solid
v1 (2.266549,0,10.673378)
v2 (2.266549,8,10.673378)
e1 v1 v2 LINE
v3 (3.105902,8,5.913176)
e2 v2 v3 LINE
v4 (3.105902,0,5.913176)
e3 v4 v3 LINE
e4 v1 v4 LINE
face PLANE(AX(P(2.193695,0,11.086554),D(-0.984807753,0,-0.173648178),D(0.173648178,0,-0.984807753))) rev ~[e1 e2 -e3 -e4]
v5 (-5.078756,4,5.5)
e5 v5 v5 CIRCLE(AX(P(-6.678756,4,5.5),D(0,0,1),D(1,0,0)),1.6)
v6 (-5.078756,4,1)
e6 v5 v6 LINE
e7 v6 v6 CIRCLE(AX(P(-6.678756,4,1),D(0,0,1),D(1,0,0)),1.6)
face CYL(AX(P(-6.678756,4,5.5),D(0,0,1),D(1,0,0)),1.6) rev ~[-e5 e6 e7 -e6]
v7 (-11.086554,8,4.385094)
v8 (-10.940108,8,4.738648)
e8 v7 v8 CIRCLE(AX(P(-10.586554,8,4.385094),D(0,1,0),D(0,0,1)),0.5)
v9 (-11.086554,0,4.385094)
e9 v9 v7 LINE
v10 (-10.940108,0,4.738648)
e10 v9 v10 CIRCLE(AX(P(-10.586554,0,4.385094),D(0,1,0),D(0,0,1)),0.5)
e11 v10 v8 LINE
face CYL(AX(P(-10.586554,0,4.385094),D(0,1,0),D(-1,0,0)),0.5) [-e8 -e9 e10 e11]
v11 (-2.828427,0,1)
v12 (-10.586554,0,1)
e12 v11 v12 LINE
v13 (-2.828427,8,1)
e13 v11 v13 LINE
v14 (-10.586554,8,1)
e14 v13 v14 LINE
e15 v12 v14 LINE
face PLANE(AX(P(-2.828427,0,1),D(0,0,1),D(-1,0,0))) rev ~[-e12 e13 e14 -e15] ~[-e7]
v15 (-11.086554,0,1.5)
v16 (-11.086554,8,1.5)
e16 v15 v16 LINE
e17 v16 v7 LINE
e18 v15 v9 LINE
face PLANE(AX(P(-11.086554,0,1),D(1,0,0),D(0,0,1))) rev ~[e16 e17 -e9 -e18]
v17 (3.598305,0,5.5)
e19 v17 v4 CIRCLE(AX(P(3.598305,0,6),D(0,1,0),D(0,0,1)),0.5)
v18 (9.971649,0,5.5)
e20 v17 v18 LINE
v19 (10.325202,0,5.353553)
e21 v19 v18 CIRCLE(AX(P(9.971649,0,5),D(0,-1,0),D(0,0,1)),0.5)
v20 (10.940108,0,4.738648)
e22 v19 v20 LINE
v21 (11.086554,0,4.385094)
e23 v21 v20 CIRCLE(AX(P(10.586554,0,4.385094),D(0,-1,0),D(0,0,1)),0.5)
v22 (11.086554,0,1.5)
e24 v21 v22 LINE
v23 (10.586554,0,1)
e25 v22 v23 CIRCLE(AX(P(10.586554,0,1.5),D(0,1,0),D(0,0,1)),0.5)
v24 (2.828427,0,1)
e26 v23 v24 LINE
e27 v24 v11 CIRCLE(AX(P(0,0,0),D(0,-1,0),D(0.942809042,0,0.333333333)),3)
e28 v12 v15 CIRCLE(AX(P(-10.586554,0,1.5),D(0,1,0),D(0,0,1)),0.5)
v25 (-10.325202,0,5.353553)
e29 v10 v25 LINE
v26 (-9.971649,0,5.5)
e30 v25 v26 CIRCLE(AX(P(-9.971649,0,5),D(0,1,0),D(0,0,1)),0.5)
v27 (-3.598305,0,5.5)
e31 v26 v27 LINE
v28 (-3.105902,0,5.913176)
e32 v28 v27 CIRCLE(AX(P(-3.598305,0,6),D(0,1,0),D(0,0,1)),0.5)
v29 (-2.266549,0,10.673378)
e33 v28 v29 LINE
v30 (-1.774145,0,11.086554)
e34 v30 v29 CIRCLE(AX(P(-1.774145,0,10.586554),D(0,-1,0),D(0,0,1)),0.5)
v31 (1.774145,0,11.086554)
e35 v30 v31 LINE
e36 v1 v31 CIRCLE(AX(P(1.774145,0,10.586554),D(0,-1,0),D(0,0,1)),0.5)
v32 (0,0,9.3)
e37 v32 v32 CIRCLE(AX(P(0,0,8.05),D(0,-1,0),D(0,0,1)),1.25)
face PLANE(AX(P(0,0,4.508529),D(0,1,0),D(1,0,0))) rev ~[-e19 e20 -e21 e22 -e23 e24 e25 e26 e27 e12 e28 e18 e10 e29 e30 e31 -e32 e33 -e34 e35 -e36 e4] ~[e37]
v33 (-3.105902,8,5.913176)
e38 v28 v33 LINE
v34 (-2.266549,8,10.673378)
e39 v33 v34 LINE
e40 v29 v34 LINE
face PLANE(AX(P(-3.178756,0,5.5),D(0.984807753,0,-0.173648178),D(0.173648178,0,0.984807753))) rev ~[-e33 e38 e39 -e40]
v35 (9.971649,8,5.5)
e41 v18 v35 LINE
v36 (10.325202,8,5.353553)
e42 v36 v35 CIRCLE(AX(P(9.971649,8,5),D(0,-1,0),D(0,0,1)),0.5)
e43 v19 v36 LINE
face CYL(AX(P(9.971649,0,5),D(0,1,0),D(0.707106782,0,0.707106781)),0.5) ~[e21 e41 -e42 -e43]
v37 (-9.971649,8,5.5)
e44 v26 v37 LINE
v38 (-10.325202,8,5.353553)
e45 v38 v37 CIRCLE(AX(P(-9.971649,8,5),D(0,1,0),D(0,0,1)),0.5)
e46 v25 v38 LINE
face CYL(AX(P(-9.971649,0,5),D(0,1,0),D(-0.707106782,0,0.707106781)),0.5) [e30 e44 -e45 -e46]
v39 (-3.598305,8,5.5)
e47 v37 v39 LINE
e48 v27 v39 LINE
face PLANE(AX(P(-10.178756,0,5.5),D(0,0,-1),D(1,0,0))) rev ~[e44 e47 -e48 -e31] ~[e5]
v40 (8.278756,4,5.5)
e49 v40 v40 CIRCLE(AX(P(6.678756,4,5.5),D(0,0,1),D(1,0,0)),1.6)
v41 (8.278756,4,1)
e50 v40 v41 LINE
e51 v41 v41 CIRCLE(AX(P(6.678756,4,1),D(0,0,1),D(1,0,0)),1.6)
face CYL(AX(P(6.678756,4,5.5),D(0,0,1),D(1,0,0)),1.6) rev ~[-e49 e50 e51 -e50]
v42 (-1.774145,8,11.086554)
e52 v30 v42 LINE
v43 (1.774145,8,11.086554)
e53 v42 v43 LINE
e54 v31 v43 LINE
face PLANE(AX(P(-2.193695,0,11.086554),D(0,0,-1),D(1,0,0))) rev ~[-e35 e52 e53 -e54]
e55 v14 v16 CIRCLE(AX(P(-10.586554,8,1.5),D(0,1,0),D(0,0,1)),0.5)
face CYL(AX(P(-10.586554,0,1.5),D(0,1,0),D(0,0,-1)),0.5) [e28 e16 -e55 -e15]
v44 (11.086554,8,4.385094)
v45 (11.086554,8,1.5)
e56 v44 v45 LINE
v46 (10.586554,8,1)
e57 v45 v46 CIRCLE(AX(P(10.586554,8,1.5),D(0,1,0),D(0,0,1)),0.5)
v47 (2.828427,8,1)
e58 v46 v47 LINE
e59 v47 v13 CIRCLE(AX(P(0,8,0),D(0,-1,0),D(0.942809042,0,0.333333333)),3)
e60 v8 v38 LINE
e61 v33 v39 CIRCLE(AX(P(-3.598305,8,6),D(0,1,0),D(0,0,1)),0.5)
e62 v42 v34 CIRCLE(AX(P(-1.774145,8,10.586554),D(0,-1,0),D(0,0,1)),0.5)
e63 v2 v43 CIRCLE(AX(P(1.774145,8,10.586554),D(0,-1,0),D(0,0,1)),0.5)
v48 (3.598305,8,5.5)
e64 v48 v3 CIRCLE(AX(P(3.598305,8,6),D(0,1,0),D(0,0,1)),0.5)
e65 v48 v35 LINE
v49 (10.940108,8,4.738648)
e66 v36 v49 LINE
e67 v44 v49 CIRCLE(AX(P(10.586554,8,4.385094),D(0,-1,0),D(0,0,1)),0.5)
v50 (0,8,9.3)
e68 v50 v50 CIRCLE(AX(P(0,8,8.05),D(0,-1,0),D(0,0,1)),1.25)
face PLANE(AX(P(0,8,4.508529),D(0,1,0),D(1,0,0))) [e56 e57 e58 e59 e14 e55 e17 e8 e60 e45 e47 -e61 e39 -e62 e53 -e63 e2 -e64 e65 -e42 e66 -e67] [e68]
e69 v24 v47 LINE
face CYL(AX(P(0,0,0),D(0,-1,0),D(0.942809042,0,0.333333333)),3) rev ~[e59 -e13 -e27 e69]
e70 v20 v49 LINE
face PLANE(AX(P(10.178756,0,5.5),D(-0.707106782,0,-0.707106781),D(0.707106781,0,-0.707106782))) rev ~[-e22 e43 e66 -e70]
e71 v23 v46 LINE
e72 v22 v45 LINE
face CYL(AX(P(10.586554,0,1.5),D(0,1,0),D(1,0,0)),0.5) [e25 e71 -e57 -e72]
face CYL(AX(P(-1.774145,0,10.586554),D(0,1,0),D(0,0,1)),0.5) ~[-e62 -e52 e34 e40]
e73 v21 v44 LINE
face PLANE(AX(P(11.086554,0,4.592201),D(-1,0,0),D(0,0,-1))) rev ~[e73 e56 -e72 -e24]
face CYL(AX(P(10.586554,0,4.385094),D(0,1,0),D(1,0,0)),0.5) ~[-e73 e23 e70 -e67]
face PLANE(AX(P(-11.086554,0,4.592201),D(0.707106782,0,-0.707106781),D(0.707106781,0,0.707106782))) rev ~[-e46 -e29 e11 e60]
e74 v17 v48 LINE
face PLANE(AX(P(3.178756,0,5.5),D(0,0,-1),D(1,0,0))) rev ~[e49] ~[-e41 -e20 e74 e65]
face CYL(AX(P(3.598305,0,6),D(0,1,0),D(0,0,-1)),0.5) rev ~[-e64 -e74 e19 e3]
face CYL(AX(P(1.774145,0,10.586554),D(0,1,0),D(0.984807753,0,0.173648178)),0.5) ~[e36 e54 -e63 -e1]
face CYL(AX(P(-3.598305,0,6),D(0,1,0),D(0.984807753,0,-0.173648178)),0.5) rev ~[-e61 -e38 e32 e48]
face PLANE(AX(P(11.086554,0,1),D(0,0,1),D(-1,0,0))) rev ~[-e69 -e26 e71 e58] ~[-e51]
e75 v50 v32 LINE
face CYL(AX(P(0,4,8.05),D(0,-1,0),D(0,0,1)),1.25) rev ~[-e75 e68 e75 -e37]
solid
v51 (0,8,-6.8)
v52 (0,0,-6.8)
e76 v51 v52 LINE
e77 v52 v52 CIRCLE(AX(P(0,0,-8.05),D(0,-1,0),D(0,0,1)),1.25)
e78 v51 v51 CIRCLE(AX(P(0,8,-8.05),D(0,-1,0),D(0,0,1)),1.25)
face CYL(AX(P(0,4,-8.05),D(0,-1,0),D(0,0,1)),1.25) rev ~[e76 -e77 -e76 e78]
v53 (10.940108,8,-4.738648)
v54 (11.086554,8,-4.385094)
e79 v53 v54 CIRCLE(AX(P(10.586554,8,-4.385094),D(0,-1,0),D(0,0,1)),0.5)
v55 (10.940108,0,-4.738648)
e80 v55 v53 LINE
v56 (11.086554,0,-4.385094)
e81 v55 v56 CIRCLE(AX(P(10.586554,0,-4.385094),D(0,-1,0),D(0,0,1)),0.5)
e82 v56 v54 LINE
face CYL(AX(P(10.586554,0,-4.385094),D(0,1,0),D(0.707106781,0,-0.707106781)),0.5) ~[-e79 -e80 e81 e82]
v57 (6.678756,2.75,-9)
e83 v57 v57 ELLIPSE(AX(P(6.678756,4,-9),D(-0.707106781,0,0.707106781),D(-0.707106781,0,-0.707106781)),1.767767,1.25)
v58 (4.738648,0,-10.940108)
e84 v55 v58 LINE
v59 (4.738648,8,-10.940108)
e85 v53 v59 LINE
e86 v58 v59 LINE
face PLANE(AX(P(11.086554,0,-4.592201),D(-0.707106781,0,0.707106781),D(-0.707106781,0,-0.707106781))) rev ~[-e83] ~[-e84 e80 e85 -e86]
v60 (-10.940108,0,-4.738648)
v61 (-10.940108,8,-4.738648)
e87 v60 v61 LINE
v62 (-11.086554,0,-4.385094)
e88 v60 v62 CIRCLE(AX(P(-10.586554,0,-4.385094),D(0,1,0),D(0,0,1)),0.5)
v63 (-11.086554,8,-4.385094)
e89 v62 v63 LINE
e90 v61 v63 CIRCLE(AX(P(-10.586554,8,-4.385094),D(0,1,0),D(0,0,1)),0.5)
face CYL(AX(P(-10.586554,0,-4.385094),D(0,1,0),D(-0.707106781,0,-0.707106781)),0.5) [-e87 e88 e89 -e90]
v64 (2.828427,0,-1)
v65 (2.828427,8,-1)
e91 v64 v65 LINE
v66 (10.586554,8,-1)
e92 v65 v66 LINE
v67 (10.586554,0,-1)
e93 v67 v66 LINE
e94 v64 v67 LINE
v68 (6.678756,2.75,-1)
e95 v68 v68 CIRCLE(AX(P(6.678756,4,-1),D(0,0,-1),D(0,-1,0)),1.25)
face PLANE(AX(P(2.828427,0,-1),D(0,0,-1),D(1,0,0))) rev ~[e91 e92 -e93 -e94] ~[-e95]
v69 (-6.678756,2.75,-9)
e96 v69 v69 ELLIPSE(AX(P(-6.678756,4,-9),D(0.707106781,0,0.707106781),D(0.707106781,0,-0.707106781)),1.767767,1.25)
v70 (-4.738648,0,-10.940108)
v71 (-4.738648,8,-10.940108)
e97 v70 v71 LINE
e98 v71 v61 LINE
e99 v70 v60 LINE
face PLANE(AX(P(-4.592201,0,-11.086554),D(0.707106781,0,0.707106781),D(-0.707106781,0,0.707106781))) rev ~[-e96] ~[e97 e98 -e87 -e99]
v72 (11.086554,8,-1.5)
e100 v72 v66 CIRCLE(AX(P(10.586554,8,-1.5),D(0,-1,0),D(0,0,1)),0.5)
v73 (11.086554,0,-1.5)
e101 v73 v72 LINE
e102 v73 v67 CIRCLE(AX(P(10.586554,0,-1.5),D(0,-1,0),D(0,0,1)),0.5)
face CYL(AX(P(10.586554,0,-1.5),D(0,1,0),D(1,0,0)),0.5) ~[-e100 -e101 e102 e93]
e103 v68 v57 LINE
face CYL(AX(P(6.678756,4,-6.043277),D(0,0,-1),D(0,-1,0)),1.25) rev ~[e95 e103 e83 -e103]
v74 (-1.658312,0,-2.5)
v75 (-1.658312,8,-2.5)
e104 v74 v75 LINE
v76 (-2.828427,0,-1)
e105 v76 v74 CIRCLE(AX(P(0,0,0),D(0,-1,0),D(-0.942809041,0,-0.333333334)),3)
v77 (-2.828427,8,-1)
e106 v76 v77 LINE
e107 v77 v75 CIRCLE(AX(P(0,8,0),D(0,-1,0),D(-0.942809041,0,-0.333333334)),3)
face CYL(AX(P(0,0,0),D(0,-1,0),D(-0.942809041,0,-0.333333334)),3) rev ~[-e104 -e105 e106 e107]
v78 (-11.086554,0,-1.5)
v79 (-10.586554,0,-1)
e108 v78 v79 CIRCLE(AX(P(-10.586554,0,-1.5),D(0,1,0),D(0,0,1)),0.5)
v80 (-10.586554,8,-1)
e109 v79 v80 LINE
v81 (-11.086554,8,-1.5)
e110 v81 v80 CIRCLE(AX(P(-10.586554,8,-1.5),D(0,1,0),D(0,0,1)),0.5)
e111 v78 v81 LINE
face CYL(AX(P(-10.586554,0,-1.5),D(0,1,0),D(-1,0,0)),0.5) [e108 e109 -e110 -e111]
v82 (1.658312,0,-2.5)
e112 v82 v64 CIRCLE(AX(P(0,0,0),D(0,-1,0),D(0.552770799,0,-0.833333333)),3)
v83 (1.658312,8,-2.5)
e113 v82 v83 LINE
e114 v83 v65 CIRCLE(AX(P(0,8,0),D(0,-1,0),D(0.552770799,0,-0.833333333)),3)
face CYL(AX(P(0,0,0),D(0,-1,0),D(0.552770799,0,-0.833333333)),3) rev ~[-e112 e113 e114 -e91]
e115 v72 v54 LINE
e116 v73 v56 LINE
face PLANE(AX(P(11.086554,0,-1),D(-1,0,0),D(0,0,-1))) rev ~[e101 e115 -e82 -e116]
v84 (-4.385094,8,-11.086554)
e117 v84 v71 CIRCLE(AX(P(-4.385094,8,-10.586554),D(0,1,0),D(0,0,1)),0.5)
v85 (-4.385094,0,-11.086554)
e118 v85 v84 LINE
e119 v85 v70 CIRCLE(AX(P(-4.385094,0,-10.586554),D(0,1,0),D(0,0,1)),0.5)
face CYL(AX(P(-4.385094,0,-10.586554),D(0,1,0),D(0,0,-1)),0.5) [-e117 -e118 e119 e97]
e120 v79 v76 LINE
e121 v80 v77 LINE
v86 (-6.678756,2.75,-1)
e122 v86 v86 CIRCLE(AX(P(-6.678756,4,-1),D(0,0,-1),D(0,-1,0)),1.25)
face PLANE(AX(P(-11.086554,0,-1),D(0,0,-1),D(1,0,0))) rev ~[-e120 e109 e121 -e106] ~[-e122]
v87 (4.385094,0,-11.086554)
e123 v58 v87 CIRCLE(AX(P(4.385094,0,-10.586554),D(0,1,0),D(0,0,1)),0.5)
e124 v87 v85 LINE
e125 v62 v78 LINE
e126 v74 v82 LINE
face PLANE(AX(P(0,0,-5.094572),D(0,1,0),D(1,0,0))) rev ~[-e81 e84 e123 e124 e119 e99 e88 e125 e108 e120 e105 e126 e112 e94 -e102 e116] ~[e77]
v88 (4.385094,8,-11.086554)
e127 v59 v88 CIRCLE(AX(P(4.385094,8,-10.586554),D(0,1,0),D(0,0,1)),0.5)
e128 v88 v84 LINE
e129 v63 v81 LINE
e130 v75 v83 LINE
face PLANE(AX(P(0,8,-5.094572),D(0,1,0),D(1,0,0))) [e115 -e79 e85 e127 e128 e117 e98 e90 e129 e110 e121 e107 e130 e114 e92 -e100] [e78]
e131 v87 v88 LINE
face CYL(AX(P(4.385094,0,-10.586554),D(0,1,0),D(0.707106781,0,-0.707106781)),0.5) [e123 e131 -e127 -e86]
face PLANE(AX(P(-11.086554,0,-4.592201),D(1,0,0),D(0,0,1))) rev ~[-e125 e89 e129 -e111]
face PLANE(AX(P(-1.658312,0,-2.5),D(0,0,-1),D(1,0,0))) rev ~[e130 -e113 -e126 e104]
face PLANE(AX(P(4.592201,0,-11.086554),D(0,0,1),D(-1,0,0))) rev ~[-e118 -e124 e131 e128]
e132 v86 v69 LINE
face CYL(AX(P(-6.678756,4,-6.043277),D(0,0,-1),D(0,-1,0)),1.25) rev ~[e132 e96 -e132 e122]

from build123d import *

# Parameters (mm, degrees)
SKETCH_1_R                  = 1
EXTRUDE_1_DEPTH             = 8
EXTRUDE_1_2_DEPTH           = 8
SKETCH_3_R                  = 1
CUT_EXTRUDE_1_DEPTH         = 22.494777849
SKETCH_4_R                  = 1.6
CUT_EXTRUDE_2_DEPTH         = 4.5
FILLET_1_R                  = 0.5
FILLET_2_R                  = 0.5
SKETCH_10_W                 = 1.25
SKETCH_10_H                 = 8
HOLE_WIZARD_M3_6_AT_2_COUNT = 2
HOLE_WIZARD_M3_6_AT_2_PITCH = 16.1
SKETCH_12_W                 = 1.25
SKETCH_12_H                 = 10.08655439
HOLE_WIZARD_M3_7_AT_2_COUNT = 2
HOLE_WIZARD_M3_7_AT_2_PITCH = 13.357511157


with BuildPart() as part:
    # 草图1 → 凸台-拉伸1 (new body)
    with BuildSketch(Plane(origin=(0, 0, 0), x_dir=(1, 0, 0), z_dir=(0, 1, 0))):
        with BuildLine():
            Line((11.08655439, 4.592201188), (4.592201188, 11.08655439))
            Line((4.592201188, 11.08655439), (-4.592201188, 11.08655439))
            Line((-4.592201188, 11.08655439), (-11.08655439, 4.592201188))
            Line((-11.08655439, 4.592201188), (-11.08655439, 1))
            Line((-11.08655439, 1), (-2.828427125, 1))
            ThreePointArc((-2.828427125, 1), (-2.365419176, 1.84520788), (-1.658312395, 2.5))
            Line((-1.658312395, 2.5), (1.658312395, 2.5))
            ThreePointArc((1.658312395, 2.5), (2.365419176, 1.84520788), (2.828427125, 1))
            Line((2.828427125, 1), (11.08655439, 1))
            Line((11.08655439, 1), (11.08655439, 4.592201188))
        make_face()
        with Locations(Location((0, 8.05, 0), (0, 0, 270))):
            Circle(SKETCH_1_R, mode=Mode.SUBTRACT)
    extrude(amount=EXTRUDE_1_DEPTH)


with BuildPart() as body_2:
    # 草图1 → Extrude 1 2 (new body)
    with BuildSketch(Plane(origin=(0, 0, 0), x_dir=(1, 0, 0), z_dir=(0, 1, 0))):
        with BuildLine():
            Line((11.08655439, -4.592201188), (11.08655439, -1))
            Line((11.08655439, -1), (2.828427125, -1))
            ThreePointArc((2.828427125, -1), (0, -3), (-2.828427125, -1))
            Line((-2.828427125, -1), (-11.08655439, -1))
            Line((-11.08655439, -1), (-11.08655439, -4.592201188))
            Line((-11.08655439, -4.592201188), (-10.178755579, -5.5))
            Line((-10.178755579, -5.5), (-3.178755579, -5.5))
            Line((-3.178755579, -5.5), (-2.19369531, -11.08655439))
            Line((-2.19369531, -11.08655439), (2.19369531, -11.08655439))
            Line((2.19369531, -11.08655439), (3.178755579, -5.5))
            Line((3.178755579, -5.5), (10.178755579, -5.5))
            Line((10.178755579, -5.5), (11.08655439, -4.592201188))
        make_face()
        with Locations(Location((0, -8.05, 0), (0, 0, 270))):
            Circle(SKETCH_1_R, mode=Mode.SUBTRACT)
    extrude(amount=EXTRUDE_1_2_DEPTH)


with BuildPart() as cut_extrude_1_tool:
    # 草图3 → 切除-拉伸1 (new, through all)
    with BuildSketch(Plane.XY.offset(5.5)):
        with Locations((-6.678755579, 4)):
            Circle(SKETCH_3_R)
        with Locations((6.678755579, 4)):
            Circle(SKETCH_3_R)
    extrude(amount=-CUT_EXTRUDE_1_DEPTH)


with BuildPart() as part_1:
    add(part.part)

    # 切除-拉伸1: cut by cut_extrude_1_tool
    add(cut_extrude_1_tool.part, mode=Mode.SUBTRACT)

    # 圆角1
    fillet_1_edges = [part_1.edges().sort_by_distance(p)[0] for p in [
        (-11.08655439, 4, -1),
        (-11.08655439, 4, -4.592201188),
        (-4.592201188, 4, -11.08655439),
        (4.592201188, 4, -11.08655439),
        (11.08655439, 4, -4.592201188),
        (11.08655439, 4, -1),
    ]]
    fillet(fillet_1_edges, radius=FILLET_1_R)

    # 草图10 → M3 螺纹孔6 (revolve, cut)
    with BuildSketch(Plane(origin=(0, 8, -8.05), x_dir=(0, 0, 1), z_dir=(1, 0, 0))):
        with Locations((0.625, 4)):
            Rectangle(SKETCH_10_W, SKETCH_10_H)
    hole_wizard_m3_6 = revolve(axis=Axis((0, 14.35, -8.05), (0, -1, 0)), mode=Mode.SUBTRACT)

    # 草图12 → M3 螺纹孔7 (revolve, cut)
    with BuildSketch(Plane(origin=(6.678755579, 4, -1), x_dir=(0, -1, 0), z_dir=(1, 0, 0))):
        with Locations((0.625, 5.043277195)):
            Rectangle(SKETCH_12_W, SKETCH_12_H)
    hole_wizard_m3_7 = revolve(axis=Axis((6.678755579, 4, 5.35), (0, 0, -1)), mode=Mode.SUBTRACT)

    # M3 螺纹孔7 at 2: M3 螺纹孔7 ×2
    with Locations(*[(-i * HOLE_WIZARD_M3_7_AT_2_PITCH, 0, 0) for i in range(1, HOLE_WIZARD_M3_7_AT_2_COUNT)]):
        add(hole_wizard_m3_7, mode=Mode.SUBTRACT)


with BuildPart() as body_2_1:
    add(body_2.part)

    # 切除-拉伸1: cut by cut_extrude_1_tool
    add(cut_extrude_1_tool.part, mode=Mode.SUBTRACT)

    # 草图4 → 切除-拉伸2 (cut)
    with BuildSketch(Plane.XY.offset(5.5)):
        with Locations((-6.678755579, 4)):
            Circle(SKETCH_4_R)
        with Locations((6.678755579, 4)):
            Circle(SKETCH_4_R)
    extrude(amount=-CUT_EXTRUDE_2_DEPTH, mode=Mode.SUBTRACT)

    # 圆角2
    fillet_2_edges = [body_2_1.edges().sort_by_distance(p)[0] for p in [
        (11.08655439, 4, 1),
        (11.08655439, 4, 4.592201188),
        (10.178755579, 4, 5.5),
        (3.178755579, 4, 5.5),
        (2.19369531, 4, 11.08655439),
        (-2.19369531, 4, 11.08655439),
        (-3.178755579, 4, 5.5),
        (-10.178755579, 4, 5.5),
        (-11.08655439, 4, 4.592201188),
        (-11.08655439, 4, 1),
    ]]
    fillet(fillet_2_edges, radius=FILLET_2_R)

    # M3 螺纹孔6 at 2: M3 螺纹孔6 ×2
    with Locations(*[(0, 0, i * HOLE_WIZARD_M3_6_AT_2_PITCH) for i in range(1, HOLE_WIZARD_M3_6_AT_2_COUNT)]):
        add(hole_wizard_m3_6, mode=Mode.SUBTRACT)


solid = Compound([part_1.part, body_2_1.part])
